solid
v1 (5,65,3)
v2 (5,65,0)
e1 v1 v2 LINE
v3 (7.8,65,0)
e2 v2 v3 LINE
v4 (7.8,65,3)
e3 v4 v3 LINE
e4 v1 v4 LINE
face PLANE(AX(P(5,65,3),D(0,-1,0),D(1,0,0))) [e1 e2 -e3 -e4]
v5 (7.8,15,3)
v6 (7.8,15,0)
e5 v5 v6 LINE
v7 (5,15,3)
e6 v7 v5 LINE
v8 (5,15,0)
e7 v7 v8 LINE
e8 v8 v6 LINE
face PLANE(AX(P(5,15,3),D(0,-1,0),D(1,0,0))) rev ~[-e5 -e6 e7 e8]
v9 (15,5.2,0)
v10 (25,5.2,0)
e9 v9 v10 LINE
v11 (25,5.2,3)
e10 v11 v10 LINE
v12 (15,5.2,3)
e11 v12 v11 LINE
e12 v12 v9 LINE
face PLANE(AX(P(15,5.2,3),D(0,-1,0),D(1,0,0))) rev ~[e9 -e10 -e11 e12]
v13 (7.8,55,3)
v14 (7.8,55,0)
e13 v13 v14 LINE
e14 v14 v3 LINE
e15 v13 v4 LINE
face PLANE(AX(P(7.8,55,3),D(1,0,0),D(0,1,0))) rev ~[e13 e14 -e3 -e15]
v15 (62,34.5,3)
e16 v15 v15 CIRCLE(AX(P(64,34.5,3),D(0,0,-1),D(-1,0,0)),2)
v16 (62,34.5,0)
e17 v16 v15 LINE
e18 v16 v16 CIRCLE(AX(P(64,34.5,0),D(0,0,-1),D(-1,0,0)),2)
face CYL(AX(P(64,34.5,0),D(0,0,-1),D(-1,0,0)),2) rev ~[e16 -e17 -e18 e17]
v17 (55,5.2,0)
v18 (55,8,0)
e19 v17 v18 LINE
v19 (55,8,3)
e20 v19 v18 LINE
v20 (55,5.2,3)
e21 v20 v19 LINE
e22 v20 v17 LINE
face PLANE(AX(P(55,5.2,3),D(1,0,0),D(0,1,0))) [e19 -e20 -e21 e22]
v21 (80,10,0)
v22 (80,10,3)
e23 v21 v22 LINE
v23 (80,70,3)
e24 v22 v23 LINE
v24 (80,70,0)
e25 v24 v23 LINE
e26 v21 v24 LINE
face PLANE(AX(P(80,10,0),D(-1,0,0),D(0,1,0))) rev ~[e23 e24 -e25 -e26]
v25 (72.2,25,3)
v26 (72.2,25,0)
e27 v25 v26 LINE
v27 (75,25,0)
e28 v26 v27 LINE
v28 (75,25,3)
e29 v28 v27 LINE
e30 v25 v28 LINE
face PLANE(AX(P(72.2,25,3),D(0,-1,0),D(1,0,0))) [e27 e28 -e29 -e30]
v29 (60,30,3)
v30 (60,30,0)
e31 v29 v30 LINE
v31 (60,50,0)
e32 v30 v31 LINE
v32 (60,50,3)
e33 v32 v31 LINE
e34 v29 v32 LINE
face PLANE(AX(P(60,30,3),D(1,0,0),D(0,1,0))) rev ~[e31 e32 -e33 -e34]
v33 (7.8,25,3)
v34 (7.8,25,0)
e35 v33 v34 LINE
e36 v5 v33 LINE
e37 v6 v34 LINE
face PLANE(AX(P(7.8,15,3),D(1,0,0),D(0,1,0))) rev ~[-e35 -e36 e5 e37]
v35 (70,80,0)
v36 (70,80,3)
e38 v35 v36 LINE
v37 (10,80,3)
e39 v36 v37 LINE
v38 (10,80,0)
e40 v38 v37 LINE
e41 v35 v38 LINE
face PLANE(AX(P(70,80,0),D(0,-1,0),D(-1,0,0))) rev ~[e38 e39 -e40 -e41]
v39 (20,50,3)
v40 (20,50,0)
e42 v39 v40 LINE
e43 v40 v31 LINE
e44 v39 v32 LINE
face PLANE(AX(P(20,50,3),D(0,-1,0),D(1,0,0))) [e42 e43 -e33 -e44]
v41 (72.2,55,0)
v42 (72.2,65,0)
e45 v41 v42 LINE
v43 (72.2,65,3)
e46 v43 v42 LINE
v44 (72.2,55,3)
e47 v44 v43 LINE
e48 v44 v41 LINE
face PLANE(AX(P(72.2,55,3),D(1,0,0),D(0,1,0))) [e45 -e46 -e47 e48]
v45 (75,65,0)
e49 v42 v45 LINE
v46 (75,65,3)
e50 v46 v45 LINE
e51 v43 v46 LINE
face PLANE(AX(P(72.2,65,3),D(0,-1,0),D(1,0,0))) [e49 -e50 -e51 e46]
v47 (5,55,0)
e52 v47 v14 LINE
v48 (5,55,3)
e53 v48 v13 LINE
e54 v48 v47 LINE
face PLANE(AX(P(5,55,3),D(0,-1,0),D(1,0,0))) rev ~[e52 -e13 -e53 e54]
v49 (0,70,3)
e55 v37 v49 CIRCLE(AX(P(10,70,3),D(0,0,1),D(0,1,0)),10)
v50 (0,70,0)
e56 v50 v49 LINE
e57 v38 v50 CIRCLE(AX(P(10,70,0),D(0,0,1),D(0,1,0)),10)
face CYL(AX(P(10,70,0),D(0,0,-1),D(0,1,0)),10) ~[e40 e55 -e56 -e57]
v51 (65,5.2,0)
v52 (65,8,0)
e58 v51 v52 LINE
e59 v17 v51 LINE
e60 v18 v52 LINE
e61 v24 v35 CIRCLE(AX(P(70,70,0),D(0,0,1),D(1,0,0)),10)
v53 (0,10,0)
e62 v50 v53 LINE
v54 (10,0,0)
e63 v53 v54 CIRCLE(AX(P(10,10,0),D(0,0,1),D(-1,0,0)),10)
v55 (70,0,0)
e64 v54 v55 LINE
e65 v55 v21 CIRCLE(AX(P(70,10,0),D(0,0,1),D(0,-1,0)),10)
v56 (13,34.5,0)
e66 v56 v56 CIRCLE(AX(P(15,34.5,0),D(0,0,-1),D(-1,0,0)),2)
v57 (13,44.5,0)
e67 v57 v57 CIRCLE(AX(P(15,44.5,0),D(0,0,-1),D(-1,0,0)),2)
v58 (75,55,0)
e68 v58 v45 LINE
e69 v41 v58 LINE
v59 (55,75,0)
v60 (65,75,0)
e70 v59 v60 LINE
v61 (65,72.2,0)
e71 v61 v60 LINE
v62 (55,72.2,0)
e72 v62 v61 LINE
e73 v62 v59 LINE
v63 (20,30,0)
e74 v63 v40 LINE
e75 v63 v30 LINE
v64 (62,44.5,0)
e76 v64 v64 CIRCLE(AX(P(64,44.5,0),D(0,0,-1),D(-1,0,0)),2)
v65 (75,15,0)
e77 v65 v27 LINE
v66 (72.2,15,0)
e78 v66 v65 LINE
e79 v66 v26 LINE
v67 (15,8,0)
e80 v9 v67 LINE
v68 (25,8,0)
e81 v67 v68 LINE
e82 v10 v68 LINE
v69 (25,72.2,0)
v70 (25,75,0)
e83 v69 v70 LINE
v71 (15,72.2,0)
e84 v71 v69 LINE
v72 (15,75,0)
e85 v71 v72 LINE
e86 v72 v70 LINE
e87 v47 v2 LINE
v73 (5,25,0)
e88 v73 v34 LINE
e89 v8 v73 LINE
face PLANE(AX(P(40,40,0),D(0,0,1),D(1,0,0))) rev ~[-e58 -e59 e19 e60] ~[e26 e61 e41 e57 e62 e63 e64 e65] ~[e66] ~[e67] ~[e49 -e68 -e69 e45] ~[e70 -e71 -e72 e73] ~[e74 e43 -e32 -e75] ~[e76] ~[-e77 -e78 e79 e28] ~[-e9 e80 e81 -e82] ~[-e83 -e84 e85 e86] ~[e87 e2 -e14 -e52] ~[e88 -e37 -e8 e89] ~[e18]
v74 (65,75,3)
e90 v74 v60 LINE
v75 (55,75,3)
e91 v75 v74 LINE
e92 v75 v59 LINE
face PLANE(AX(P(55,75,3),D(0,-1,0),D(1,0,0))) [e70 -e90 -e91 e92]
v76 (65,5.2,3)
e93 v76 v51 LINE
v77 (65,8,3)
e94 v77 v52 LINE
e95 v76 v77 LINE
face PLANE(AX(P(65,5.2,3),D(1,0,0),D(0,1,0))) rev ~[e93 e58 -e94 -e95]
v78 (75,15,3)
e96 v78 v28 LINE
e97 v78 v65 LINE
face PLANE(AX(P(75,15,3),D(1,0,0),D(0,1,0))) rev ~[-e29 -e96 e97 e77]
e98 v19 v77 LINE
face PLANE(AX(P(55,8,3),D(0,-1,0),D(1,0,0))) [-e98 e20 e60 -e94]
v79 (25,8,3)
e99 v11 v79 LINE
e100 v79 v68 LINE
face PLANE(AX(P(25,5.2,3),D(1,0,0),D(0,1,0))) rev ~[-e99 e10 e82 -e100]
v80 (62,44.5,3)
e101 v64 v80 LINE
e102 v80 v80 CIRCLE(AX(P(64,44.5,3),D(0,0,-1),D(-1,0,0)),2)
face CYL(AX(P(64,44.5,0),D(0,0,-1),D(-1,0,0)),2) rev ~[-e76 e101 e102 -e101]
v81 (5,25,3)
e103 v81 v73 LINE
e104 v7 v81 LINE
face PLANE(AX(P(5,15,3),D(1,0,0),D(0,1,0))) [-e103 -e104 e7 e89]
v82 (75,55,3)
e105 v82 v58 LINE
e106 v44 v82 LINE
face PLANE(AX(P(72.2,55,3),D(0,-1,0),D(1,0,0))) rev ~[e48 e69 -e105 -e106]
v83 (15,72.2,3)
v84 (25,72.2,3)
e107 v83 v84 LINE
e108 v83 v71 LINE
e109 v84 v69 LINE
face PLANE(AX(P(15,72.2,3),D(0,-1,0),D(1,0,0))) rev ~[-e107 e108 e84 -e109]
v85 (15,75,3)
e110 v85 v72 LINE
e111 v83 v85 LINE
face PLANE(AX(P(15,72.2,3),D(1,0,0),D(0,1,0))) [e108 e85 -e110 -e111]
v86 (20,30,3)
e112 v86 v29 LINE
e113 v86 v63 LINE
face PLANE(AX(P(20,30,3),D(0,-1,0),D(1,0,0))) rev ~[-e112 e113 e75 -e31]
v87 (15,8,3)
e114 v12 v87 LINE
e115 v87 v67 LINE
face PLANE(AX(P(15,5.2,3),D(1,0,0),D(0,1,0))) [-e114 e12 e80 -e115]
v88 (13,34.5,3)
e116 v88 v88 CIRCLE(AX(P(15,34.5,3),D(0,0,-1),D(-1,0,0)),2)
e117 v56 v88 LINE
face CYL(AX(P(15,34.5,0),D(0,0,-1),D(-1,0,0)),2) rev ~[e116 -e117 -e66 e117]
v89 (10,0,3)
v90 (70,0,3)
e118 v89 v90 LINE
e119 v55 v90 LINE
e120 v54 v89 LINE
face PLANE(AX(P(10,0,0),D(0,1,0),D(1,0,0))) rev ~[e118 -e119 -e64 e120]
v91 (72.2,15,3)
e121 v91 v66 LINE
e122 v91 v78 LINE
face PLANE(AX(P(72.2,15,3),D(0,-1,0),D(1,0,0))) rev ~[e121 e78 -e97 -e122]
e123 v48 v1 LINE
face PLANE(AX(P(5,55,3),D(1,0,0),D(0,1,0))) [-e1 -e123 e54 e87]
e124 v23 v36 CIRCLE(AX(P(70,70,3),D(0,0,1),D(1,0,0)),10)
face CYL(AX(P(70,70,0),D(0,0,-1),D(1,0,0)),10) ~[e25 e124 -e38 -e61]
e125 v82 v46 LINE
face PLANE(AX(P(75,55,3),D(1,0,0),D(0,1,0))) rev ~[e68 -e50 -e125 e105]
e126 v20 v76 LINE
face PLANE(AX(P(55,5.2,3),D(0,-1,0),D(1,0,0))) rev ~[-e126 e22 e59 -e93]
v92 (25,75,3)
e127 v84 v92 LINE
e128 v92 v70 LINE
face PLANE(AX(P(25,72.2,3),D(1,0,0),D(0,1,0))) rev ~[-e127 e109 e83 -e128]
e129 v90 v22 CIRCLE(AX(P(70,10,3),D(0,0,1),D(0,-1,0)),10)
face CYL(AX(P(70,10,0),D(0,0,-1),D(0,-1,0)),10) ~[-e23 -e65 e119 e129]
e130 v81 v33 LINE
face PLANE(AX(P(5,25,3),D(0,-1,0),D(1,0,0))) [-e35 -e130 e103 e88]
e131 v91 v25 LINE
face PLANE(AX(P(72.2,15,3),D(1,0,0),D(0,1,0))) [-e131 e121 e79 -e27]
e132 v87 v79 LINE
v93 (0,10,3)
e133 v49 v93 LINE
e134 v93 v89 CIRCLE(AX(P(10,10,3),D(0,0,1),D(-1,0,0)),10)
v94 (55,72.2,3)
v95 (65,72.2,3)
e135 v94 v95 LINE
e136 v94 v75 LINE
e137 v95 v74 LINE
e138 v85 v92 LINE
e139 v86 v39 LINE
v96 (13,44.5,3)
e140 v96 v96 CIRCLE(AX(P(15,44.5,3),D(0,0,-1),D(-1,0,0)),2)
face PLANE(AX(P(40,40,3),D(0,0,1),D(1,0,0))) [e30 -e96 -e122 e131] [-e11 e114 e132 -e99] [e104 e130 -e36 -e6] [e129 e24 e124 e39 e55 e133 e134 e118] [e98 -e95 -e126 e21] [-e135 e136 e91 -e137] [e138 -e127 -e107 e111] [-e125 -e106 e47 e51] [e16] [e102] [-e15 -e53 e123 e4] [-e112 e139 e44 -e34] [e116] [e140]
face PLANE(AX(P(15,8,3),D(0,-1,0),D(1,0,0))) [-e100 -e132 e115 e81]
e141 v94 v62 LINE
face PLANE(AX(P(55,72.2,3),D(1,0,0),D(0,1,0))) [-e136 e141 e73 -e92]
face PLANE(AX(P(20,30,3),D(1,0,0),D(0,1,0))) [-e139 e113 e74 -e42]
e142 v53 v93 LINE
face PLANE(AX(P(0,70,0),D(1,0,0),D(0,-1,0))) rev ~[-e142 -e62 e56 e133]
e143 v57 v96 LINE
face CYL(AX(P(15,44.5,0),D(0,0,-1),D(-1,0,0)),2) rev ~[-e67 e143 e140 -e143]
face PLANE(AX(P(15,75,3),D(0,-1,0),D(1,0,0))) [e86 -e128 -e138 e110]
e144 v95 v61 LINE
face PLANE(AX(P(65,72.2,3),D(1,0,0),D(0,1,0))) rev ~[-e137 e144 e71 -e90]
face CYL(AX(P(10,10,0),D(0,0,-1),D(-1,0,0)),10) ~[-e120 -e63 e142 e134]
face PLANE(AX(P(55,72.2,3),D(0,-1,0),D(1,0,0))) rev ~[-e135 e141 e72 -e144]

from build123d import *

# Parameters (mm, degrees)
BOSS_EXTRU_1_DEPTH      = 3
ESQUISSE4_W             = 10
ESQUISSE4_H             = 2.8
ENL_V_MAT_EXTRU_2_DEPTH = 114.176852757
ESQUISSE5_W             = 2.8
ESQUISSE5_H             = 10
ENL_V_MAT_EXTRU_3_DEPTH = 114.176852757
ESQUISSE6_W             = 40
ESQUISSE6_H             = 20
ENL_V_MAT_EXTRU_4_DEPTH = 114.176852757
ESQUISSE7_R             = 2
ENL_V_MAT_EXTRU_5_DEPTH = 114.176852757


with BuildPart() as part:
    # Esquisse2 → Boss.-Extru.1 (new body)
    with BuildSketch(Plane.XY):
        with BuildLine():
            Line((10, 0), (70, 0))
            ThreePointArc((70, 0), (77.071067812, 2.928932188), (80, 10))
            Line((80, 10), (80, 70))
            ThreePointArc((80, 70), (77.071067812, 77.071067812), (70, 80))
            Line((70, 80), (10, 80))
            ThreePointArc((10, 80), (2.928932188, 77.071067812), (0, 70))
            Line((0, 70), (0, 10))
            ThreePointArc((0, 10), (2.928932188, 2.928932188), (10, 0))
        make_face()
    extrude(amount=BOSS_EXTRU_1_DEPTH)

    # Esquisse4 → Enlèv. mat.-Extru.2 (cut, through all)
    with BuildSketch(Plane.XY.offset(3)):
        with Locations((60, 73.6)):
            Rectangle(ESQUISSE4_W, ESQUISSE4_H)
        with Locations((20, 73.6)):
            Rectangle(ESQUISSE4_W, ESQUISSE4_H)
        with Locations((20, 6.6)):
            Rectangle(ESQUISSE4_W, ESQUISSE4_H)
        with Locations((60, 6.6)):
            Rectangle(ESQUISSE4_W, ESQUISSE4_H)
    extrude(amount=-ENL_V_MAT_EXTRU_2_DEPTH, mode=Mode.SUBTRACT)

    # Esquisse5 → Enlèv. mat.-Extru.3 (cut, through all)
    with BuildSketch(Plane.XY.offset(3)):
        with Locations((73.6, 60)):
            Rectangle(ESQUISSE5_W, ESQUISSE5_H)
        with Locations((6.4, 60)):
            Rectangle(ESQUISSE5_W, ESQUISSE5_H)
        with Locations((6.4, 20)):
            Rectangle(ESQUISSE5_W, ESQUISSE5_H)
        with Locations((73.6, 20)):
            Rectangle(ESQUISSE5_W, ESQUISSE5_H)
    extrude(amount=-ENL_V_MAT_EXTRU_3_DEPTH, mode=Mode.SUBTRACT)

    # Esquisse6 → Enlèv. mat.-Extru.4 (cut, through all)
    with BuildSketch(Plane.XY.offset(3)):
        with Locations((40, 40)):
            Rectangle(ESQUISSE6_W, ESQUISSE6_H)
    extrude(amount=-ENL_V_MAT_EXTRU_4_DEPTH, mode=Mode.SUBTRACT)

    # Esquisse7 → Enlèv. mat.-Extru.5 (cut, through all)
    with BuildSketch(Plane(origin=(0, 0, 0), x_dir=(-1, 0, 0), z_dir=(0, 0, -1))):
        with Locations((-15, 34.5)):
            Circle(ESQUISSE7_R)
        with Locations((-15, 44.5)):
            Circle(ESQUISSE7_R)
        with Locations((-64, 34.5)):
            Circle(ESQUISSE7_R)
        with Locations((-64, 44.5)):
            Circle(ESQUISSE7_R)
    extrude(amount=-ENL_V_MAT_EXTRU_5_DEPTH, mode=Mode.SUBTRACT)


solid = part.part
